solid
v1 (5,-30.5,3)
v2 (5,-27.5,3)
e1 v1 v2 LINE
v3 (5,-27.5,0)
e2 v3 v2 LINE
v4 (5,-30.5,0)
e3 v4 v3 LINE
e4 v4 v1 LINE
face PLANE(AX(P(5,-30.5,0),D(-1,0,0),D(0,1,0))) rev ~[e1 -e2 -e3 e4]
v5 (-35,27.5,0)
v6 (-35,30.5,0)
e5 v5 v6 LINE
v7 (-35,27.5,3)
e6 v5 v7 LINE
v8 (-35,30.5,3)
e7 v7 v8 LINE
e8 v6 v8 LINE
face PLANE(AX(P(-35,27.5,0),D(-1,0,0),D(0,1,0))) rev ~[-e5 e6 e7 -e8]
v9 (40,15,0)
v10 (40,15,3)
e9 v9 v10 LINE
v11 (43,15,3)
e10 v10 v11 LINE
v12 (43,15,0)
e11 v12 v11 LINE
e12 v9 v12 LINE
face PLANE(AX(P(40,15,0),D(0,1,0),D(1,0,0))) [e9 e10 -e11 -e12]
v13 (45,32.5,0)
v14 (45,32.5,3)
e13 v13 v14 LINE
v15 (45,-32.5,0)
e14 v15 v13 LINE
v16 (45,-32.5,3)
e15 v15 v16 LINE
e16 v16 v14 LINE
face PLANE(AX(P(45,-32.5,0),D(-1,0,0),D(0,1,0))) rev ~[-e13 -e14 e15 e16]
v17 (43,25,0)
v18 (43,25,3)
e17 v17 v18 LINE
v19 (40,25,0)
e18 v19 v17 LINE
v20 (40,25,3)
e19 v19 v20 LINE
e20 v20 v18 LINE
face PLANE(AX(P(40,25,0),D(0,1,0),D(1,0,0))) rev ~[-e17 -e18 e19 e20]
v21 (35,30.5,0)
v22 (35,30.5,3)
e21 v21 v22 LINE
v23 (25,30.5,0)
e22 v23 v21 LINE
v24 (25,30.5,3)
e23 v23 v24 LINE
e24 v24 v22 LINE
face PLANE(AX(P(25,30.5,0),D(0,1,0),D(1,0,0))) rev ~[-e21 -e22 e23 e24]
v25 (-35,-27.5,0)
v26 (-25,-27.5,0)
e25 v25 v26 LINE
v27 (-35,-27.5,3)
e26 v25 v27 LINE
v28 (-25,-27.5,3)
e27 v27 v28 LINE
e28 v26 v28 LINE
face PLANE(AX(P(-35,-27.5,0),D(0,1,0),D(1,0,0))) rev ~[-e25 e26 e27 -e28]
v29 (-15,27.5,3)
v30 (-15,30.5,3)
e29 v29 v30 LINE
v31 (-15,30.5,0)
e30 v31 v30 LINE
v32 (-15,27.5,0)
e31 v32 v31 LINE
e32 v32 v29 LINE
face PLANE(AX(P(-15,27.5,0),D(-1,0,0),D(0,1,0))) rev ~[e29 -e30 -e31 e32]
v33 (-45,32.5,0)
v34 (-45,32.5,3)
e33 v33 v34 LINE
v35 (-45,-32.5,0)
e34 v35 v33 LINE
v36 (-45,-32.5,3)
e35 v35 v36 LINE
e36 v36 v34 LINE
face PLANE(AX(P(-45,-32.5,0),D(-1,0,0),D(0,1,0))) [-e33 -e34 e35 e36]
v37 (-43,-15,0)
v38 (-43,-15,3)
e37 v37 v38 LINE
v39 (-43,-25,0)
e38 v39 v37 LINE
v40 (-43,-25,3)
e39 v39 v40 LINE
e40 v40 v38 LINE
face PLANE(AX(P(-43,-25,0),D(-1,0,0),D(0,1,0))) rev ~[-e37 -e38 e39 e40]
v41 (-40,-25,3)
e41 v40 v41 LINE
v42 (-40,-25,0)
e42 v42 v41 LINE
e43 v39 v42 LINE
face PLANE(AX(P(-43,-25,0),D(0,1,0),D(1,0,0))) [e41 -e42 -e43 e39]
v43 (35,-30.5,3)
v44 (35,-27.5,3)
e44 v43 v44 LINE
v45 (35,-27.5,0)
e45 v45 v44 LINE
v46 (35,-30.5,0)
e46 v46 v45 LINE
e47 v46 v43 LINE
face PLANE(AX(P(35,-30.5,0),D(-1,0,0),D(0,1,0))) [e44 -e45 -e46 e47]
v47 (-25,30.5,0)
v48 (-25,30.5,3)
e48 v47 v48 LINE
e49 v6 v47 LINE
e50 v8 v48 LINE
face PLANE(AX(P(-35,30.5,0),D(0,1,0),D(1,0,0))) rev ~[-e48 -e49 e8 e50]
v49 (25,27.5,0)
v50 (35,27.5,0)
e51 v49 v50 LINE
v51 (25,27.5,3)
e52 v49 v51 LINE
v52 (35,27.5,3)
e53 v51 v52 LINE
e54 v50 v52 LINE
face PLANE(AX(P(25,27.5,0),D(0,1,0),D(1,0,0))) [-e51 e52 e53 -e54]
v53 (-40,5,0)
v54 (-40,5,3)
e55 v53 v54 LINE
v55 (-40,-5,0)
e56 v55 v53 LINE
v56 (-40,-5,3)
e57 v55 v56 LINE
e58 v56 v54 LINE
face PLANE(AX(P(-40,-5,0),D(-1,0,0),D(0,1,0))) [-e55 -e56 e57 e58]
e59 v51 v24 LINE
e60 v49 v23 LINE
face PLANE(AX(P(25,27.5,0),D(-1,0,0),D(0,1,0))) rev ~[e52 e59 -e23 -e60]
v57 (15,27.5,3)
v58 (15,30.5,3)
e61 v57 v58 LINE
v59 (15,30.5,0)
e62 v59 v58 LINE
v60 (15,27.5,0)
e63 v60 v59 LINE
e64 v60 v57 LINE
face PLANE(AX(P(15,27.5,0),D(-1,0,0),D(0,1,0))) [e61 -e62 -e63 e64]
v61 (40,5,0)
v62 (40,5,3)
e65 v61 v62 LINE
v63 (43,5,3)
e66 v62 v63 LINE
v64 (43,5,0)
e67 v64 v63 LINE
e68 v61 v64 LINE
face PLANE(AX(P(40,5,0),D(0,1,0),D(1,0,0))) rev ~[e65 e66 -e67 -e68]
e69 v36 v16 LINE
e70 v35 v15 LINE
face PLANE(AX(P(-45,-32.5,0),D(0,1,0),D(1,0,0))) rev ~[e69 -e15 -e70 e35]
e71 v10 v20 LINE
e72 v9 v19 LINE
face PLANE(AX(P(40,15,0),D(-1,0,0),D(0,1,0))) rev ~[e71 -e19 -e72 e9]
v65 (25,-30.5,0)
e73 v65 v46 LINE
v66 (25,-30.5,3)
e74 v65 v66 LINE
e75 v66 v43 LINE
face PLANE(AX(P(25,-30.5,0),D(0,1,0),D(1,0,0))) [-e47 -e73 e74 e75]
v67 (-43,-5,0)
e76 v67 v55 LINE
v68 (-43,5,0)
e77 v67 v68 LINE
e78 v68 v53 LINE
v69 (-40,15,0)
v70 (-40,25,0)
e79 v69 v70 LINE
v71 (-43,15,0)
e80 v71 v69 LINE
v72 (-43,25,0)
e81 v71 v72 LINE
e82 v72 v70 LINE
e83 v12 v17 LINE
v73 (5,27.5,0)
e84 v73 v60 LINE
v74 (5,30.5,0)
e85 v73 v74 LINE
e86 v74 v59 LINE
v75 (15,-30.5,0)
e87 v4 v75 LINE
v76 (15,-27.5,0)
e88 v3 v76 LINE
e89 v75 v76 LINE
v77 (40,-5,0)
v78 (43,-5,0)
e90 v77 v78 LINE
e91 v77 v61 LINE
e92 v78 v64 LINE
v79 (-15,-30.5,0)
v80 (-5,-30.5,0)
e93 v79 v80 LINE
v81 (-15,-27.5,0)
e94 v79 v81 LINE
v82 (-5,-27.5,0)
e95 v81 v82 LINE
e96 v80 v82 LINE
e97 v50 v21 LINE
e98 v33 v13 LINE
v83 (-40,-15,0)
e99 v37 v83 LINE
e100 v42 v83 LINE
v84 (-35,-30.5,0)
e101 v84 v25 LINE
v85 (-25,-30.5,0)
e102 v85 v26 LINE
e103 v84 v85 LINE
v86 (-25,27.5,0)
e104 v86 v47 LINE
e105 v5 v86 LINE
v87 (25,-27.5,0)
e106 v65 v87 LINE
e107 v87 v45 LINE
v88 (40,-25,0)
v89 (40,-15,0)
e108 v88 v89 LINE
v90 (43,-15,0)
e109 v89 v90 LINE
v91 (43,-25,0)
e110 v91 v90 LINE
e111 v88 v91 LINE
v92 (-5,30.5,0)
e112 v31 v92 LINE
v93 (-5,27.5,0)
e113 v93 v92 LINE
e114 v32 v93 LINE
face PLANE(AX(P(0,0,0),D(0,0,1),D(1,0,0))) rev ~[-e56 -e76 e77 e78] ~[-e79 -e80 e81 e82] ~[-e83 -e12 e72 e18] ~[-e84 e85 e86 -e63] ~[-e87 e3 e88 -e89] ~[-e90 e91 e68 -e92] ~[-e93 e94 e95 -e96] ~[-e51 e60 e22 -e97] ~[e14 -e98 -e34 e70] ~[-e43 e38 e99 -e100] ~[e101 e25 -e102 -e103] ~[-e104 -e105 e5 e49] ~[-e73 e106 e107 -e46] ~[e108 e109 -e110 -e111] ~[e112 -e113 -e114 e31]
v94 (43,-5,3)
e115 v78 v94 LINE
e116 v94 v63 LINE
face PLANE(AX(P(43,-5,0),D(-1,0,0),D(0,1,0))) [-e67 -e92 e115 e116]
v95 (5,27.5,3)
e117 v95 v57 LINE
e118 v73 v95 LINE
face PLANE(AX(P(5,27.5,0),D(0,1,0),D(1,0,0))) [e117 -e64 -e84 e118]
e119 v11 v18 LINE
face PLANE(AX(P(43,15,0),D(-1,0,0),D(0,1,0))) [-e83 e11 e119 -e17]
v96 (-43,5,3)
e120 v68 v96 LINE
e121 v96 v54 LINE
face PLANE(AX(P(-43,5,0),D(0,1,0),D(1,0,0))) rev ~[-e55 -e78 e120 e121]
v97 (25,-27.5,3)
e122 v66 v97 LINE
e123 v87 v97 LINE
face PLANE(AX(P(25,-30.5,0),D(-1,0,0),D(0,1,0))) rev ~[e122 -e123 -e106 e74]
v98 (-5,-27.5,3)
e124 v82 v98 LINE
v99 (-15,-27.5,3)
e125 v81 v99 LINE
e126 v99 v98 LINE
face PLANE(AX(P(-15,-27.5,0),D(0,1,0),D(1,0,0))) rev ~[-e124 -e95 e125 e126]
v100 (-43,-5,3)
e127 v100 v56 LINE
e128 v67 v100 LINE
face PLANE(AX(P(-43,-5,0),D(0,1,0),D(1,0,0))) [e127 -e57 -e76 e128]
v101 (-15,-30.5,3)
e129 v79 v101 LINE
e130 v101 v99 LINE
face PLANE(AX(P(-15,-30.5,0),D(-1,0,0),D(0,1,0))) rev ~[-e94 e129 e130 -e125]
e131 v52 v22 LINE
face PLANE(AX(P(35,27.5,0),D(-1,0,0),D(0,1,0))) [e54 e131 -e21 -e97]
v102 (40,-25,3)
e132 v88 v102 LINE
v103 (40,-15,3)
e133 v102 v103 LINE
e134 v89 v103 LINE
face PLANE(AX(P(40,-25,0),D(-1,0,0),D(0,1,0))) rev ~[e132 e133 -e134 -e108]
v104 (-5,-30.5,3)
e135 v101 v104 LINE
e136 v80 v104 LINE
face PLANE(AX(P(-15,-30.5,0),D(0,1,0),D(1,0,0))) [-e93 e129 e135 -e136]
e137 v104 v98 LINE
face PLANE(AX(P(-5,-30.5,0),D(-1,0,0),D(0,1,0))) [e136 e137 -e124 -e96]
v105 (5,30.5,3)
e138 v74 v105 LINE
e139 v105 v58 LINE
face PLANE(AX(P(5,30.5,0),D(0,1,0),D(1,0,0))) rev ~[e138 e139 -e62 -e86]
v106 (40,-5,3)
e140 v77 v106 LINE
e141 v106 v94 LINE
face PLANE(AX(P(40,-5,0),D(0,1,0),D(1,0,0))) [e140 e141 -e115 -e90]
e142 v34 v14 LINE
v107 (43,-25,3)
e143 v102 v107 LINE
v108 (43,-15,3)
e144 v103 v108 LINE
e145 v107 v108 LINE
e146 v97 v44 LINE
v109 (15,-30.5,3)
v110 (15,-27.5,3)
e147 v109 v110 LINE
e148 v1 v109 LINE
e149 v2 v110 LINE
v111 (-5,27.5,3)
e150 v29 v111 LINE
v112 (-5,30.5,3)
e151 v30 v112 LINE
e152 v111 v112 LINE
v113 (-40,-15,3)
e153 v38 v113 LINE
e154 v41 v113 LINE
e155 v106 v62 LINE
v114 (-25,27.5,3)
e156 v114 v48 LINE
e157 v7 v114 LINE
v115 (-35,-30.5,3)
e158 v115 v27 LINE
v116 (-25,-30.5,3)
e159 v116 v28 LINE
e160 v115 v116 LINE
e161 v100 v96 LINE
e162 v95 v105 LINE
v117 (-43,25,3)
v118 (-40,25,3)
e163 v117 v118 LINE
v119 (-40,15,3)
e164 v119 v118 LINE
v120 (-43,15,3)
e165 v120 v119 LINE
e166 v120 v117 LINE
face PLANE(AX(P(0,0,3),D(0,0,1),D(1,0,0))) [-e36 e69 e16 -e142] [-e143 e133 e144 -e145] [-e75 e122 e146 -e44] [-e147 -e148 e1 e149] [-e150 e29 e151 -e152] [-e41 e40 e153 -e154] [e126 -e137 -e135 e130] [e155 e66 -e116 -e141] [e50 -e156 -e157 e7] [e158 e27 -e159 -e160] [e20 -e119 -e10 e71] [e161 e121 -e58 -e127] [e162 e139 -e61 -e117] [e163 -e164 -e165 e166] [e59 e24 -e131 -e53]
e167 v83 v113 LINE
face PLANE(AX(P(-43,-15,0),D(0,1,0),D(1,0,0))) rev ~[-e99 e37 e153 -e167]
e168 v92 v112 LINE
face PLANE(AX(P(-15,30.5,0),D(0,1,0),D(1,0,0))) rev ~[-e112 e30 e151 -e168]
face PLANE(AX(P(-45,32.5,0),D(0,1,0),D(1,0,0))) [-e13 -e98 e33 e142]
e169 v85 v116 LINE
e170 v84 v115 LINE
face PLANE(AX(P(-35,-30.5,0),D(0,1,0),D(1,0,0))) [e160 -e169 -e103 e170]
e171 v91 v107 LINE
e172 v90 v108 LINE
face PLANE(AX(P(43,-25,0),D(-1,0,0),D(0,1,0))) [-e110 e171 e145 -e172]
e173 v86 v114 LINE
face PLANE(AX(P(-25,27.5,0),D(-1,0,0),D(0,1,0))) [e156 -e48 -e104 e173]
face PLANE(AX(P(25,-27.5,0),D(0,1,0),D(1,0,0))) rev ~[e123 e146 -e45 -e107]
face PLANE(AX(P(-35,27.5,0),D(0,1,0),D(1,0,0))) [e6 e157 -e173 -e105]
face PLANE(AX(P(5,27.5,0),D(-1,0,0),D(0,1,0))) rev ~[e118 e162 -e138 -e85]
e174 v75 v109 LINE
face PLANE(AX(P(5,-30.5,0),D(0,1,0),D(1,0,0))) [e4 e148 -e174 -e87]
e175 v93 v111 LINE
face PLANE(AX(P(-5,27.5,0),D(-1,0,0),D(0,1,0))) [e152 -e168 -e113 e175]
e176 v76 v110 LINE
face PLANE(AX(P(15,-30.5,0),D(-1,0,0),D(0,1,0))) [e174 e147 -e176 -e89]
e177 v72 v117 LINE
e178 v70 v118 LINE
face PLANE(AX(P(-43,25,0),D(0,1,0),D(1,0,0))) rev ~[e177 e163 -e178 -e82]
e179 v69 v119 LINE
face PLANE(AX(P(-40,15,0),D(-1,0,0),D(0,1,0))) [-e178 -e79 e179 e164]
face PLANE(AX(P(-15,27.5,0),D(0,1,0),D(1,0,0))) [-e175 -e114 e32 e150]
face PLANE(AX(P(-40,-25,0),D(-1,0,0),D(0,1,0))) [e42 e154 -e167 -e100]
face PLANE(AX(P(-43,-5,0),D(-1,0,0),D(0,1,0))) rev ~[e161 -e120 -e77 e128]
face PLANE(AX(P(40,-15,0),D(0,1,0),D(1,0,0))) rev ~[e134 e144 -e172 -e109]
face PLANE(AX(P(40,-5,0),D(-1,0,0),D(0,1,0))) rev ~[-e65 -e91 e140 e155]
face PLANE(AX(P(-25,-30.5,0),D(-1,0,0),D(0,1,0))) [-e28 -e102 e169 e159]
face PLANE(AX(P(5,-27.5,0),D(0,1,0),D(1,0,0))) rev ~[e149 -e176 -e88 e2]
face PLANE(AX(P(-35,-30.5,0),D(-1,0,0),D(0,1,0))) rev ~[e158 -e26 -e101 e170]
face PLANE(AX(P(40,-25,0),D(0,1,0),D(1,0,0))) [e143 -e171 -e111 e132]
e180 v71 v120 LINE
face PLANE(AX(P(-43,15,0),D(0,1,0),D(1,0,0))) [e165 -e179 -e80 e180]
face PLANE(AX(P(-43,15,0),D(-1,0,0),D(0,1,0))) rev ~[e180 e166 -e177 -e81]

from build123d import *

# Parameters (mm, degrees)
SKETCH_1_W      = 90
SKETCH_1_H      = 65
SKETCH_1_W_2    = 10
SKETCH_1_H_2    = 3
SKETCH_1_W_3    = 3
SKETCH_1_H_3    = 10
EXTRUDE_1_DEPTH = 3


with BuildPart() as part:
    # 草图1 → 凸台-拉伸1 (new body)
    with BuildSketch(Plane.XY):
        Rectangle(SKETCH_1_W, SKETCH_1_H)
        with Locations((-10, 29)):
            Rectangle(SKETCH_1_W_2, SKETCH_1_H_2, mode=Mode.SUBTRACT)
        with Locations((-30, 29)):
            Rectangle(SKETCH_1_W_2, SKETCH_1_H_2, mode=Mode.SUBTRACT)
        with Locations((-41.5, 20)):
            Rectangle(SKETCH_1_W_3, SKETCH_1_H_3, mode=Mode.SUBTRACT)
        with Locations((10, 29)):
            Rectangle(SKETCH_1_W_2, SKETCH_1_H_2, mode=Mode.SUBTRACT)
        with Locations((30, 29)):
            Rectangle(SKETCH_1_W_2, SKETCH_1_H_2, mode=Mode.SUBTRACT)
        with Locations((-41.5, 0)):
            Rectangle(SKETCH_1_W_3, SKETCH_1_H_3, mode=Mode.SUBTRACT)
        with Locations((-41.5, -20)):
            Rectangle(SKETCH_1_W_3, SKETCH_1_H_3, mode=Mode.SUBTRACT)
        with Locations((41.5, -20)):
            Rectangle(SKETCH_1_W_3, SKETCH_1_H_3, mode=Mode.SUBTRACT)
        with Locations((41.5, 0)):
            Rectangle(SKETCH_1_W_3, SKETCH_1_H_3, mode=Mode.SUBTRACT)
        with Locations((41.5, 20)):
            Rectangle(SKETCH_1_W_3, SKETCH_1_H_3, mode=Mode.SUBTRACT)
        with Locations((30, -29)):
            Rectangle(SKETCH_1_W_2, SKETCH_1_H_2, mode=Mode.SUBTRACT)
        with Locations((10, -29)):
            Rectangle(SKETCH_1_W_2, SKETCH_1_H_2, mode=Mode.SUBTRACT)
        with Locations((-10, -29)):
            Rectangle(SKETCH_1_W_2, SKETCH_1_H_2, mode=Mode.SUBTRACT)
        with Locations((-30, -29)):
            Rectangle(SKETCH_1_W_2, SKETCH_1_H_2, mode=Mode.SUBTRACT)
    extrude(amount=EXTRUDE_1_DEPTH)


solid = part.part
